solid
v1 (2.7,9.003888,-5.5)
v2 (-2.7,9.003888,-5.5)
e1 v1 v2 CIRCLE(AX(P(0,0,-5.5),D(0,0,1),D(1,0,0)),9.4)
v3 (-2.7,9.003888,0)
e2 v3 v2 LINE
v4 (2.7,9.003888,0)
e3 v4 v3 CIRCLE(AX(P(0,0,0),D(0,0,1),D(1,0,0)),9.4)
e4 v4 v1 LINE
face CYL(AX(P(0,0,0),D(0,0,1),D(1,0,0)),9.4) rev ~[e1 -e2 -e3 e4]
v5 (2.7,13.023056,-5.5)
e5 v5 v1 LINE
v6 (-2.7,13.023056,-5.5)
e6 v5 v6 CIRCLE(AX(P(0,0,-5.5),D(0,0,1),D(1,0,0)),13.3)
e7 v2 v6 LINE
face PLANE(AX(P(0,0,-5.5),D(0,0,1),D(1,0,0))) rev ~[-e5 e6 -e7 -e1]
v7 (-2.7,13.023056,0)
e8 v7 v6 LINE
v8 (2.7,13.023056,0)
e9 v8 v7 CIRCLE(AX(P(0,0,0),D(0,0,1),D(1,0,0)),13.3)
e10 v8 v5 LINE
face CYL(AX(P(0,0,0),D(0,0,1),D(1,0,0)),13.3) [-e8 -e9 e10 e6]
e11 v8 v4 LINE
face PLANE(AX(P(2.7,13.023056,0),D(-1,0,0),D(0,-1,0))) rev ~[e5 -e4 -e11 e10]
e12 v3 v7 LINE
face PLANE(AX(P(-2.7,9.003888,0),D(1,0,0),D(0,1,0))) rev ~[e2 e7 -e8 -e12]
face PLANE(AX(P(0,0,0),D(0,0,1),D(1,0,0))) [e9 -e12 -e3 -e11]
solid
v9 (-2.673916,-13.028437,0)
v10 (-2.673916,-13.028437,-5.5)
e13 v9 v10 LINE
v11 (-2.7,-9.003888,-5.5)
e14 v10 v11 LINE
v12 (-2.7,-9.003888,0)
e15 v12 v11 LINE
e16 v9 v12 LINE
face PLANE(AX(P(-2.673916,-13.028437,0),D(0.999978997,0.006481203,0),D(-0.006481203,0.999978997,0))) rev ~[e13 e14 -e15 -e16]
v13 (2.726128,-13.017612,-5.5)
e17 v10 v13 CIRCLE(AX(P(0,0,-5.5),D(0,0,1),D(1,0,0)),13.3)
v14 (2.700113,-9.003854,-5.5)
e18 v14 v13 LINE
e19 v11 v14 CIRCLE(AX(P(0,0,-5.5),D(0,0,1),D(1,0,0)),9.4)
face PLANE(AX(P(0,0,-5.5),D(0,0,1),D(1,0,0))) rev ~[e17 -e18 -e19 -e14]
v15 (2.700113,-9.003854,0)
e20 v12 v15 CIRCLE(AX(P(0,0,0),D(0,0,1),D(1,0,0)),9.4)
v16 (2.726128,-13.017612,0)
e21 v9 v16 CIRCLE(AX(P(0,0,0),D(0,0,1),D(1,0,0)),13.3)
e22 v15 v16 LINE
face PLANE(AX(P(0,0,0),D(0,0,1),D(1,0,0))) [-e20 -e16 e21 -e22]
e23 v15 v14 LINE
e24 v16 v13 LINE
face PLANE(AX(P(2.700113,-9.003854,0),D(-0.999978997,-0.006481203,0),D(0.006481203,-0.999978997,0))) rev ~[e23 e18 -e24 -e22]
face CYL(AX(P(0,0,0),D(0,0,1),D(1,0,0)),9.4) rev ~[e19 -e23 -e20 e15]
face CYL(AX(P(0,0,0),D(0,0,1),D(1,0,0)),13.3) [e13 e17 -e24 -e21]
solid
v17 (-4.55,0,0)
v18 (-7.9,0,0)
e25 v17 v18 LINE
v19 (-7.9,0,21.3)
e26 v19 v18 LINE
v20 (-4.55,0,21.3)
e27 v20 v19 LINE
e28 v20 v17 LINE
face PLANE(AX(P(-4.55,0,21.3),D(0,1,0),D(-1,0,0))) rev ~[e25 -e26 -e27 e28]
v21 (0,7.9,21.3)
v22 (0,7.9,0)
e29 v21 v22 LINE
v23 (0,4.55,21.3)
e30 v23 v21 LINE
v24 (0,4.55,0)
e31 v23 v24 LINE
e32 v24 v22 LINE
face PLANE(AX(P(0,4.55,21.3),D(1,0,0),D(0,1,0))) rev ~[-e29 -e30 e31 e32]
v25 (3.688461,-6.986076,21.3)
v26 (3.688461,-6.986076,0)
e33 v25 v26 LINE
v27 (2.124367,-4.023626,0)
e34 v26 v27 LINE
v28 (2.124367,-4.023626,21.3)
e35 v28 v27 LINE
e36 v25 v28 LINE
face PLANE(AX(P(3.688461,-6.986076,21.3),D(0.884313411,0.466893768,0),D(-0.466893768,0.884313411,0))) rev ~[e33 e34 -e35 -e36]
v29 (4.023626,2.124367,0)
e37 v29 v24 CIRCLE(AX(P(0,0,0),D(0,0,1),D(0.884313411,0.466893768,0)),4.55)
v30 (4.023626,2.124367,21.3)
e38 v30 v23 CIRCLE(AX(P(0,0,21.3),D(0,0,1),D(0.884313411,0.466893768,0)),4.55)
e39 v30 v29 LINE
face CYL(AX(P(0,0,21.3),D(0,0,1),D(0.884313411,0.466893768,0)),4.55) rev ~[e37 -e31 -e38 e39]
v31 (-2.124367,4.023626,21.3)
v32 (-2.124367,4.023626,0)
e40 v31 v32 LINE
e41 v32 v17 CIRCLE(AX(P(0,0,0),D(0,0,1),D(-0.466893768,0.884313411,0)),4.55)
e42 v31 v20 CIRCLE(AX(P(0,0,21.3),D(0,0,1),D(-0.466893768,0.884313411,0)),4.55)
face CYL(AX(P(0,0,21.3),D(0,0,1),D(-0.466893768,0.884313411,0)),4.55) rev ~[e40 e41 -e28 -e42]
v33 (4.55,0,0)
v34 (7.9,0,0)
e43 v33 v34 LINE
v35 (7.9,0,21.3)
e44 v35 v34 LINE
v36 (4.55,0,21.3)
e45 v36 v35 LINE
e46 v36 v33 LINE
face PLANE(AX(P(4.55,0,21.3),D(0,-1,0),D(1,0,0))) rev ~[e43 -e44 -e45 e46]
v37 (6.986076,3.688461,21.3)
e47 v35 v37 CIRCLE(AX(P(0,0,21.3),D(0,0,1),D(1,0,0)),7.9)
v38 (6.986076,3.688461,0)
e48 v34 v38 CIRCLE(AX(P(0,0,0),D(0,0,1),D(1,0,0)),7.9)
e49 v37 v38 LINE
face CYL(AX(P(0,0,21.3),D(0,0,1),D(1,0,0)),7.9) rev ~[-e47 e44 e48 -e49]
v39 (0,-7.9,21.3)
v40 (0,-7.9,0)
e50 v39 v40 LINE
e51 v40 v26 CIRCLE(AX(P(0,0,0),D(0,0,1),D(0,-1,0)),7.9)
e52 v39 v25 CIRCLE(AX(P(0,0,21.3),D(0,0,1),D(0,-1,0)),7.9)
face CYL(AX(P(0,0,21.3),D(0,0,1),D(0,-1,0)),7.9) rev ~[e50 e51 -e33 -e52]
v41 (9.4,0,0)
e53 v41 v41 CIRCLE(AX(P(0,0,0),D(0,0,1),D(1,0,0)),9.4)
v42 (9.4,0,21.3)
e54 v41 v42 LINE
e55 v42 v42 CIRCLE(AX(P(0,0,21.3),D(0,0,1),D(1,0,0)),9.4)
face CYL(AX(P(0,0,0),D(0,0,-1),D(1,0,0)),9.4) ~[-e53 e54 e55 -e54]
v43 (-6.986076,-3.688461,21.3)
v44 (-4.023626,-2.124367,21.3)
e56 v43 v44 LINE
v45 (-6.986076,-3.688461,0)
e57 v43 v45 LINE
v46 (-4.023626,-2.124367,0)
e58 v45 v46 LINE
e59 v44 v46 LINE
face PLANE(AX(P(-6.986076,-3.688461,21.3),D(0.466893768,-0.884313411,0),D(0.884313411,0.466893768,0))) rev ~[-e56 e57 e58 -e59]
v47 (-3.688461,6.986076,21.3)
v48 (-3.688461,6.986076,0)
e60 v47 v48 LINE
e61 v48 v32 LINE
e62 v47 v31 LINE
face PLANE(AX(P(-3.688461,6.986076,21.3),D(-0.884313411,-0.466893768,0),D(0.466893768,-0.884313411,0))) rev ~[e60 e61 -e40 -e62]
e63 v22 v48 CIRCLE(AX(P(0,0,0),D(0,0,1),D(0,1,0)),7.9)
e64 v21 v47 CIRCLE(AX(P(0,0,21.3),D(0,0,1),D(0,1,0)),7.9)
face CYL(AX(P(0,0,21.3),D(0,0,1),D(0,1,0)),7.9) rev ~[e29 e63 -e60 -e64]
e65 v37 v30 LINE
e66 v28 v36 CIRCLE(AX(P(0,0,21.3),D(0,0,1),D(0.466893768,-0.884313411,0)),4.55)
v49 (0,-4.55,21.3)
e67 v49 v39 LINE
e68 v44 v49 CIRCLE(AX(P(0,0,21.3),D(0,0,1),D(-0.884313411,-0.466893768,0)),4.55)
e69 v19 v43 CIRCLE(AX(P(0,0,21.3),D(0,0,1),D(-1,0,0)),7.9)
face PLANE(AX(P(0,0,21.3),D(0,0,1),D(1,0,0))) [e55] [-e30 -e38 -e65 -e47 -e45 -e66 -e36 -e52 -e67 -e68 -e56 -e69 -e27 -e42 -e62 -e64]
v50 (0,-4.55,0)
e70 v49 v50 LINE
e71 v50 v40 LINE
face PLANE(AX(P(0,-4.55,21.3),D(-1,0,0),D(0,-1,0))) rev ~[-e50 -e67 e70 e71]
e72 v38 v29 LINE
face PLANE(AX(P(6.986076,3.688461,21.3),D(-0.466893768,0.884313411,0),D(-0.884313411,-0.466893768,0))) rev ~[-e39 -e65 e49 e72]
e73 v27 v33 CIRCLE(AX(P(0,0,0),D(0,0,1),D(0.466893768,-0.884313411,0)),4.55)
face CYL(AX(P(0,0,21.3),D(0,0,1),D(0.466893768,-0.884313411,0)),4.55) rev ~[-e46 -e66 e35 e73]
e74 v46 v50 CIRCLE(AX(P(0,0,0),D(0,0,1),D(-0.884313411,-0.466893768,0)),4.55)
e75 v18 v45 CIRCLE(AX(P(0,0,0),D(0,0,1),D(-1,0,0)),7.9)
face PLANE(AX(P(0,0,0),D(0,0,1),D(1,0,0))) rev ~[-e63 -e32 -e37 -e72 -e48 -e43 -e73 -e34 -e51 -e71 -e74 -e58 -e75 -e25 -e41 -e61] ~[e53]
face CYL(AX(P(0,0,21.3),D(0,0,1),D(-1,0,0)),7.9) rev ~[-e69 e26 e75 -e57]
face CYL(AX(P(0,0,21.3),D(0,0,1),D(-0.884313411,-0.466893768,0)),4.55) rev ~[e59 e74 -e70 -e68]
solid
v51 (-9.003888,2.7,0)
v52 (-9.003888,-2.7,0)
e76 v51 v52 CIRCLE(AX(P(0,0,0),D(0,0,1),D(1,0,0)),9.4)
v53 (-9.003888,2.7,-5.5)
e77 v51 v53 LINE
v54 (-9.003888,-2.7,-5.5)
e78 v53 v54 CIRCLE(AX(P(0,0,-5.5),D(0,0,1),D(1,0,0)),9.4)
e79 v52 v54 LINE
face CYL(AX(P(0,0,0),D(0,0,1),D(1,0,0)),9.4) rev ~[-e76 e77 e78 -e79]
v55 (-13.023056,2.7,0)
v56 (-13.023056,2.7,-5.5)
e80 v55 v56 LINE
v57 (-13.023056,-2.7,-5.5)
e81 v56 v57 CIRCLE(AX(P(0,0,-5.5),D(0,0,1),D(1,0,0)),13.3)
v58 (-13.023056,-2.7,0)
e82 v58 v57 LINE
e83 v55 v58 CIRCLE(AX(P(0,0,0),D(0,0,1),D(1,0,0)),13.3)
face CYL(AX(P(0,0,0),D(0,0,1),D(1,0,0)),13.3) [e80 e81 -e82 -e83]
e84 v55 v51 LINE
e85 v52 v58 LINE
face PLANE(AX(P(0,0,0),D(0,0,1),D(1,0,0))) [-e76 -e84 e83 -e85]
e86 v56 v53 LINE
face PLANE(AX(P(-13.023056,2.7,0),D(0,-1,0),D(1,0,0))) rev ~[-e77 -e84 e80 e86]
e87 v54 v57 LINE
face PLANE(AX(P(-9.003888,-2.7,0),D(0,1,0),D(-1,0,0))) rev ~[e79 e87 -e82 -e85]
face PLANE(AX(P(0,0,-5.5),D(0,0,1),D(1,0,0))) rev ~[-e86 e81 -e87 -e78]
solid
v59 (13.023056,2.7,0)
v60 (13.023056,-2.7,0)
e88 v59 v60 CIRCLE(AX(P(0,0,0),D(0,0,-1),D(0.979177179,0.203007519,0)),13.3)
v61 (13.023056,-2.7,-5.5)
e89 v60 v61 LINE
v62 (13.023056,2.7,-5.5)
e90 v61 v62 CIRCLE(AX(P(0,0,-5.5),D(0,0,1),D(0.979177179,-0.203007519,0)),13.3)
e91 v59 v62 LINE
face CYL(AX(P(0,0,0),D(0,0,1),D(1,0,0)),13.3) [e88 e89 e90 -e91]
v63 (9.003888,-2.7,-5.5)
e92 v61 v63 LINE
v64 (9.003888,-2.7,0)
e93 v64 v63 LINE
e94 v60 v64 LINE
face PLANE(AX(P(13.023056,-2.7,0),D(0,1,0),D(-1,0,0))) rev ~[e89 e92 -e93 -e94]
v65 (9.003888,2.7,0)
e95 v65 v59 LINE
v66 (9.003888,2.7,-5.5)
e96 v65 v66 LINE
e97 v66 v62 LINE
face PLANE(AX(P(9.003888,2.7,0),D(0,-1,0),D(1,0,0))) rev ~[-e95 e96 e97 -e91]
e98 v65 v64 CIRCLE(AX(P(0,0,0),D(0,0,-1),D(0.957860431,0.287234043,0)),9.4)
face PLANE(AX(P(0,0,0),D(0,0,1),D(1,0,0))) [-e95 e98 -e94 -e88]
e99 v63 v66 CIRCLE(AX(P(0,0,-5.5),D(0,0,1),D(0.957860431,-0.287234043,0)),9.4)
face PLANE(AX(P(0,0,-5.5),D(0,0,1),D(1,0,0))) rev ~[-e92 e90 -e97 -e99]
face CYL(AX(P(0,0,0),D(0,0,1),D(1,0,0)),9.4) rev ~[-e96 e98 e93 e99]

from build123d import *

# Parameters (mm, degrees)
F0_R     = 13.3
F0_R_2   = 9.4
F1_DEPTH = 5.5
F2_R     = 9.4
F3_DEPTH = 21.3
F6_DEPTH = 25
F8_DEPTH = 25


with BuildPart() as f1:
    # F0 (on Top) → F1 (new body)
    with BuildSketch(Plane.XY):
        Circle(F0_R)
        Circle(F0_R_2, mode=Mode.SUBTRACT)
    extrude(amount=-F1_DEPTH)

    # F7 (on Top) → F8 (cut)
    with BuildSketch(Plane.XY):
        with BuildLine():
            Line((13.0230564769, -2.7), (9.0038880491, -2.7))
            ThreePointArc((9.0038880491, -2.7), (6.646845526, -6.6467619601), (2.7001131997, -9.003854103))
            Line((2.7001131997, -9.003854103), (2.7261277271, -13.0176122087))
            ThreePointArc((2.7261277271, -13.0176122087), (9.4139514124, -9.3950794997), (13.0230564769, -2.7))
        make_face()
        with BuildLine():
            ThreePointArc((2.7, 9.0038880491), (6.6468037432, 6.6468037432), (9.0038880491, 2.7))
            Line((9.0038880491, 2.7), (13.0230564769, 2.7))
            ThreePointArc((13.0230564769, 2.7), (9.4045201898, 9.4045201898), (2.7, 13.0230564769))
            Line((2.7, 13.0230564769), (2.7, 9.0038880491))
        make_face()
        with BuildLine():
            ThreePointArc((-9.0038880491, 2.7), (-6.6468037432, 6.6468037432), (-2.7, 9.0038880491))
            Line((-2.7, 9.0038880491), (-2.7, 13.0230564769))
            ThreePointArc((-2.7, 13.0230564769), (-9.4045201898, 9.4045201898), (-13.0230564769, 2.7))
            Line((-13.0230564769, 2.7), (-9.0038880491, 2.7))
        make_face()
        with BuildLine():
            Line((-2.6739155322, -13.0284371943), (-2.7, -9.0038880491))
            ThreePointArc((-2.7, -9.0038880491), (-6.6468037432, -6.6468037432), (-9.0038880491, -2.7))
            Line((-9.0038880491, -2.7), (-13.0230564769, -2.7))
            ThreePointArc((-13.0230564769, -2.7), (-9.3950990566, -9.4139318946), (-2.6739155322, -13.0284371943))
        make_face()
    extrude(amount=-F8_DEPTH, mode=Mode.SUBTRACT)


with BuildPart() as f3:
    # F2 (on Top) → F3 (new body)
    with BuildSketch(Plane.XY):
        Circle(F2_R)
    extrude(amount=F3_DEPTH)

    # F5 (on face) → F6 (cut)
    with BuildSketch(Plane.XY.offset(21.3)):
        with BuildLine():
            Line((4.55, 0), (7.9, 0))
            ThreePointArc((7.9, 0), (7.6681158051, 1.9), (6.9860759494, 3.688460767))
            Line((6.9860759494, 3.688460767), (4.0236260215, 2.1243666443))
            ThreePointArc((4.0236260215, 2.1243666443), (2.3491095939, 3.8966888657), (0, 4.55))
            Line((0, 4.55), (0, 7.9))
            ThreePointArc((0, 7.9), (-1.9, 7.6681158051), (-3.688460767, 6.9860759494))
            Line((-3.688460767, 6.9860759494), (-2.1243666443, 4.0236260215))
            ThreePointArc((-2.1243666443, 4.0236260215), (-3.8966888657, 2.3491095939), (-4.55, 0))
            Line((-4.55, 0), (-7.9, 0))
            ThreePointArc((-7.9, 0), (-7.6681158051, -1.9), (-6.9860759494, -3.688460767))
            Line((-6.9860759494, -3.688460767), (-4.0236260215, -2.1243666443))
            ThreePointArc((-4.0236260215, -2.1243666443), (-2.3491095939, -3.8966888657), (0, -4.55))
            Line((0, -4.55), (0, -7.9))
            ThreePointArc((0, -7.9), (1.9, -7.6681158051), (3.688460767, -6.9860759494))
            Line((3.688460767, -6.9860759494), (2.1243666443, -4.0236260215))
            ThreePointArc((2.1243666443, -4.0236260215), (3.8966888657, -2.3491095939), (4.55, 0))
        make_face()
    extrude(amount=-F6_DEPTH, mode=Mode.SUBTRACT)


solid = Compound([f1.part, f3.part])
